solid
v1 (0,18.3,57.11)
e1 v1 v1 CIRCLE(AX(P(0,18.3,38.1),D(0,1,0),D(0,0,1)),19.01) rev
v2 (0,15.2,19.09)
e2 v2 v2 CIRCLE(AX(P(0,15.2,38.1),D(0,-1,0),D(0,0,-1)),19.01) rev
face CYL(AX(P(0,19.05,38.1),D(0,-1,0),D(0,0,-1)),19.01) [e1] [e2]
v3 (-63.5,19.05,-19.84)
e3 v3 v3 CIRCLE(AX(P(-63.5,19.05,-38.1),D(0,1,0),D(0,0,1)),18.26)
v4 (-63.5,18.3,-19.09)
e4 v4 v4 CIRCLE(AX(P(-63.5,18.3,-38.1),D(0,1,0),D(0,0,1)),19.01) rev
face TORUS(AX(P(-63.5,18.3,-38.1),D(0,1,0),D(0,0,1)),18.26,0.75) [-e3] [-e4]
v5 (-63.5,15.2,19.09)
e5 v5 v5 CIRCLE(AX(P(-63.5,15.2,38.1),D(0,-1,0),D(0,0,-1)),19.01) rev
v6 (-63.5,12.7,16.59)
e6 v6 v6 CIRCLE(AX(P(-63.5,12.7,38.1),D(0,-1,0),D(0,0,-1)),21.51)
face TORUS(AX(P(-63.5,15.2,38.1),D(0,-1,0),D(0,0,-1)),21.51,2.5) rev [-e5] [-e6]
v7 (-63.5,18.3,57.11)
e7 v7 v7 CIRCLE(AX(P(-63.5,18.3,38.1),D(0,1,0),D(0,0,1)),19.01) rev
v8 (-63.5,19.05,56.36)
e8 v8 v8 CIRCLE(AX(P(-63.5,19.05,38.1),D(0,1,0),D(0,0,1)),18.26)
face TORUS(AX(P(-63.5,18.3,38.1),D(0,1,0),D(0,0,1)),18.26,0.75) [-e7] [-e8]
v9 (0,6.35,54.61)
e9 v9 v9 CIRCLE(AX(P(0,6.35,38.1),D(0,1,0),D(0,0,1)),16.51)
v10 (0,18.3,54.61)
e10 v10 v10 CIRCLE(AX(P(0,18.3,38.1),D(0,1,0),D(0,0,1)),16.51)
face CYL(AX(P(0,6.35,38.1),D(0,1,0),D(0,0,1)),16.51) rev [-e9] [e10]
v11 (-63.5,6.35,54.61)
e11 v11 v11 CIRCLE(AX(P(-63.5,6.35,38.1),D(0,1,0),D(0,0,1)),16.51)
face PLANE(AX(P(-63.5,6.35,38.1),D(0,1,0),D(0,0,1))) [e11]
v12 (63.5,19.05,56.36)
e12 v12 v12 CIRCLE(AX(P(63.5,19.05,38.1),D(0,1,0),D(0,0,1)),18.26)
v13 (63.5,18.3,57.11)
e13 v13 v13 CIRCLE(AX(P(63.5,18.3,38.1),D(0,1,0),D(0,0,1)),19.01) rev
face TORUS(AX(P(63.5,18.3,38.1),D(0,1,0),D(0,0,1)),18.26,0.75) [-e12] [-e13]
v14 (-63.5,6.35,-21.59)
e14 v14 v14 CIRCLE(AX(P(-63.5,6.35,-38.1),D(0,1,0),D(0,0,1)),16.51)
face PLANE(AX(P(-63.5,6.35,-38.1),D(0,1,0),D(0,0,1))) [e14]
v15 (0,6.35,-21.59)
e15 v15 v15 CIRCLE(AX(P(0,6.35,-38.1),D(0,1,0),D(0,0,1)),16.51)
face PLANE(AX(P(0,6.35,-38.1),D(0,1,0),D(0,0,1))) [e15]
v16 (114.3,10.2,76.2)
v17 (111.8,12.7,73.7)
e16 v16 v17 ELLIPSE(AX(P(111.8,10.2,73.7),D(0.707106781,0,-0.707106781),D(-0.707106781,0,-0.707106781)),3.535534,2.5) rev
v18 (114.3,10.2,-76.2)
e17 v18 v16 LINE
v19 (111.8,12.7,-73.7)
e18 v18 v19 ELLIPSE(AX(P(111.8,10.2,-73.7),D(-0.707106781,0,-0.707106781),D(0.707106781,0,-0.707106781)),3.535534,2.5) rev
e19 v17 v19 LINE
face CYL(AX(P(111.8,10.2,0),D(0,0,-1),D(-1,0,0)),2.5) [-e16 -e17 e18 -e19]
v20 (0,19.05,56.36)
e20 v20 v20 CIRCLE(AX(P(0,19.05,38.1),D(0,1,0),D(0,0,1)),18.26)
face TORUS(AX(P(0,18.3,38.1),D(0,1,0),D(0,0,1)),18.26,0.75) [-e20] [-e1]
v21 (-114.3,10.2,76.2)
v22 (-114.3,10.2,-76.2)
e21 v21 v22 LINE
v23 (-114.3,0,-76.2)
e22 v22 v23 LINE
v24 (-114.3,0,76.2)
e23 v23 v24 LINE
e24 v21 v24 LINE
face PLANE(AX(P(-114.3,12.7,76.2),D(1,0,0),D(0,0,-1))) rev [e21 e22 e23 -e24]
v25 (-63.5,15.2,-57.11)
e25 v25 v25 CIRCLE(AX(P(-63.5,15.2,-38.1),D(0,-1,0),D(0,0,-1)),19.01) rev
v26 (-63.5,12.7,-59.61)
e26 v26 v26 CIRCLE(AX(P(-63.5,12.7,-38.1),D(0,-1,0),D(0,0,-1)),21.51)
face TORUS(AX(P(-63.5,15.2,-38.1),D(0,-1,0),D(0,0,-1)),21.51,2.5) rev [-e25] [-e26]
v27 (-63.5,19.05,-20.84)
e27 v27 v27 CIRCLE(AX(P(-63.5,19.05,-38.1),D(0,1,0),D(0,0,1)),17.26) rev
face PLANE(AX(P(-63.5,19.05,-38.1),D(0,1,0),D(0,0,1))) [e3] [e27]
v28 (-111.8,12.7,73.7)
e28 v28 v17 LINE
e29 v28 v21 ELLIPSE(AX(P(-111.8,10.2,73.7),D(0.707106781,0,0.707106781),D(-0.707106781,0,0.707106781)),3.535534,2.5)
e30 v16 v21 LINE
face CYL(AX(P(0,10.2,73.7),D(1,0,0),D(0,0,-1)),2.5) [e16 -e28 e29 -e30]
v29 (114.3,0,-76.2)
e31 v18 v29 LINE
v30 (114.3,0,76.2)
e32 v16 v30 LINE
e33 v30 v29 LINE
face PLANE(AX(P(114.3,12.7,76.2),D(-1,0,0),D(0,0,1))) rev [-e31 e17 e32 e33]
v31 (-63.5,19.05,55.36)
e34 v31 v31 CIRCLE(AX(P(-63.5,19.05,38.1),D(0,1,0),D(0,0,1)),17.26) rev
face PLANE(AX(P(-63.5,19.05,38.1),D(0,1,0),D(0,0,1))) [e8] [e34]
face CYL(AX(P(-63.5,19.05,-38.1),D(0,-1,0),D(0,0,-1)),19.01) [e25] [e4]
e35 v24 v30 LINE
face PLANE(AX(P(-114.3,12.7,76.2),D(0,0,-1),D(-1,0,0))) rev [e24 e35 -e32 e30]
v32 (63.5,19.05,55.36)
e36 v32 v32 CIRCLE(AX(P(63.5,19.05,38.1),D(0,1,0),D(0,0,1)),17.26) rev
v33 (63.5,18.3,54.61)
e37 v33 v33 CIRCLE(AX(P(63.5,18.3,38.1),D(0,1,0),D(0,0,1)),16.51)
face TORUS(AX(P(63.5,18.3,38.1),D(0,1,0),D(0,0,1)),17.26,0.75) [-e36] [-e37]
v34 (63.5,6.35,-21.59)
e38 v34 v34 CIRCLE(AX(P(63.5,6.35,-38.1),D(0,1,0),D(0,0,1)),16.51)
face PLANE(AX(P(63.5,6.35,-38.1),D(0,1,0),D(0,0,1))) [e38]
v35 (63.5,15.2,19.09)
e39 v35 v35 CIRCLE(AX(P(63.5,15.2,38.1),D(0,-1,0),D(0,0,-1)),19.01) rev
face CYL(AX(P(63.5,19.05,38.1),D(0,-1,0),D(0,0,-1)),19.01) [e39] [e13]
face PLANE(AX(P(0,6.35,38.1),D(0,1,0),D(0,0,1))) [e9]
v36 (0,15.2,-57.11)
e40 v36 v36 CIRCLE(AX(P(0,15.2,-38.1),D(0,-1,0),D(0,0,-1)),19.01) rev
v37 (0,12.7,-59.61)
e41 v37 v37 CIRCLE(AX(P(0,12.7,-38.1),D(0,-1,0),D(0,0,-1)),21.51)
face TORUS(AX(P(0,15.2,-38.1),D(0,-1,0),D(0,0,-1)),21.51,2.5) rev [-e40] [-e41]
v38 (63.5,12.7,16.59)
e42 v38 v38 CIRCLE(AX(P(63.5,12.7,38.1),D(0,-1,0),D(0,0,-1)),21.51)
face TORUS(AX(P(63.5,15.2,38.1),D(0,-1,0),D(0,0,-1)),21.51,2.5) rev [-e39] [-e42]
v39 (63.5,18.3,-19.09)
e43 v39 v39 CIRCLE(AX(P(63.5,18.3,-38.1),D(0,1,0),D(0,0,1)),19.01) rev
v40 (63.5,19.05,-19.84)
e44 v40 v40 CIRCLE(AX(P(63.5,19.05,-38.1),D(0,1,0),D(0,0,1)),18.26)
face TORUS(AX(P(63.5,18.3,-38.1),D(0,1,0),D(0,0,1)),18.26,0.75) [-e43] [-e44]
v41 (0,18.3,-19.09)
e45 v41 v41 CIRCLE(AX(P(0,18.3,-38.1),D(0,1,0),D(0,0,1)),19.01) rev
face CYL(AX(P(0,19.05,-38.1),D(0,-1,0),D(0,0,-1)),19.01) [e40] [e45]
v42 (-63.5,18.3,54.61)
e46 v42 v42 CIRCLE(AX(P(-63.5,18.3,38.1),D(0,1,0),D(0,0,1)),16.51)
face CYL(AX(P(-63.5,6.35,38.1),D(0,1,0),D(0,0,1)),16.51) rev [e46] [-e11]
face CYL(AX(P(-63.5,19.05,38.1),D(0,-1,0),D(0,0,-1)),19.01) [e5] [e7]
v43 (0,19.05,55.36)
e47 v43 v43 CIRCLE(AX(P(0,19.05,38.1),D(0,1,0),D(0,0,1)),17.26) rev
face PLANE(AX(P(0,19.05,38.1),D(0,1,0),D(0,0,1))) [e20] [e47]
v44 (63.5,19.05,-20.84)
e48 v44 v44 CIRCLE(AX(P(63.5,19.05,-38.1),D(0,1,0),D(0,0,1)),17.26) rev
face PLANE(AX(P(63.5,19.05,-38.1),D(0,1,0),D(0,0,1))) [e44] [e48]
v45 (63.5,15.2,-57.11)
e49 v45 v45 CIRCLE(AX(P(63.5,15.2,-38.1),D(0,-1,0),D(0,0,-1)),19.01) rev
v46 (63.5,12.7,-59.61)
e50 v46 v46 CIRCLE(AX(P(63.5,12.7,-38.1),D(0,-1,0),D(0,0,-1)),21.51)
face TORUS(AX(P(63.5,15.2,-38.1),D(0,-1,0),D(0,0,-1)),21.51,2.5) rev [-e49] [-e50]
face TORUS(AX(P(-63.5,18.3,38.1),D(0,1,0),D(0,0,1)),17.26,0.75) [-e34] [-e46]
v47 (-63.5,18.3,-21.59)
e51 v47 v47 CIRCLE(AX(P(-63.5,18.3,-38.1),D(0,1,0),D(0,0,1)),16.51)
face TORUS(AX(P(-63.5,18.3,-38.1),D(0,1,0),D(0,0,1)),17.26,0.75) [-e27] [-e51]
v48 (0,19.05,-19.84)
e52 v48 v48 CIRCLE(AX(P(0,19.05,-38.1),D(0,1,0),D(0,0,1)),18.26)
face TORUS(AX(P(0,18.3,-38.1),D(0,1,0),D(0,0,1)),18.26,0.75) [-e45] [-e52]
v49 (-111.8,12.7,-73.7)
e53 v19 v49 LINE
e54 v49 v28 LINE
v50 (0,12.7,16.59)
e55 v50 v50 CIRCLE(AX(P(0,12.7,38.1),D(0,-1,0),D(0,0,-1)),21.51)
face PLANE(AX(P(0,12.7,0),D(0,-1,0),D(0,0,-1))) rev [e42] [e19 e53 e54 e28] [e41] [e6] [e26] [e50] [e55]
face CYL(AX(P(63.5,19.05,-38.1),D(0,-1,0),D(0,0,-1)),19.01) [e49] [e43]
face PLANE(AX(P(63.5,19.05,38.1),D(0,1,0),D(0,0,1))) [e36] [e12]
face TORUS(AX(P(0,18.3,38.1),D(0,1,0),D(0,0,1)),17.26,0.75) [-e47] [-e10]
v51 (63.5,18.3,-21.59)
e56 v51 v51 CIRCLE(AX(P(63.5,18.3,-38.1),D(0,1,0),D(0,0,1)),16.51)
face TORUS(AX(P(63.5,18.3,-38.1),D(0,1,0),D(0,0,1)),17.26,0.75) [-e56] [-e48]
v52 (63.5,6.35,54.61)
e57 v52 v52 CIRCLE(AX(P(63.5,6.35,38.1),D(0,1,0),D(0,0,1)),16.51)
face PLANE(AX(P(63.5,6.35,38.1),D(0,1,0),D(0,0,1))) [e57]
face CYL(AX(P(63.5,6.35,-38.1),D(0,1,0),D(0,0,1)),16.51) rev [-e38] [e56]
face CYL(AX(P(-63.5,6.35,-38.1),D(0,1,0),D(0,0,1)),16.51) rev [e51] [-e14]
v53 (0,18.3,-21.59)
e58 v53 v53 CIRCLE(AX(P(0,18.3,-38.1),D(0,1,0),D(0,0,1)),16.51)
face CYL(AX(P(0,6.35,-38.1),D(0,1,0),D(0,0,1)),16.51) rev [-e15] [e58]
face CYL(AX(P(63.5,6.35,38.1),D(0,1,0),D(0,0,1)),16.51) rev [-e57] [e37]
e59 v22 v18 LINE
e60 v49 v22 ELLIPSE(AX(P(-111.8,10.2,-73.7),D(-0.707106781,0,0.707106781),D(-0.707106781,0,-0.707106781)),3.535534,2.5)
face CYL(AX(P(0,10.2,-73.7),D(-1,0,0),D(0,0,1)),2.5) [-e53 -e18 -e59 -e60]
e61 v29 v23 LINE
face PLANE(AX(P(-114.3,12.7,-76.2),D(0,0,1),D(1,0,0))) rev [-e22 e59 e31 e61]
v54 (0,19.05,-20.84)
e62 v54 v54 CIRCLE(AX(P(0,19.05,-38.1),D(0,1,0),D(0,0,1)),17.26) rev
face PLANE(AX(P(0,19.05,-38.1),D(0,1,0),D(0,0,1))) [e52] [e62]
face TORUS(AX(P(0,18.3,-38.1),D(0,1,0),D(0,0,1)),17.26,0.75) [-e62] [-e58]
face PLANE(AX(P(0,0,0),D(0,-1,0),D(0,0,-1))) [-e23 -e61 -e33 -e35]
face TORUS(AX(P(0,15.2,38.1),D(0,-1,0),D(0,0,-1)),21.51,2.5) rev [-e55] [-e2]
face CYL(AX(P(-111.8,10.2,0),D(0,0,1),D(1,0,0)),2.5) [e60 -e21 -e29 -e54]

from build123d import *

# Parameters (mm, degrees)
SKETCH1_W           = 228.6
SKETCH1_H           = 152.4
BOSS_EXTRUDE1_DEPTH = 12.7
SKETCH2_R           = 16.51
CUT_EXTRUDE1_DEPTH  = 6.35
BOSS_EXTRUDE2_START = 6.35
SKETCH3_R           = 19.01
SKETCH3_R_2         = 16.51
BOSS_EXTRUDE2_DEPTH = 6.35
FILLET1_R           = 0.75
FILLET2_R           = 2.5


with BuildPart() as part:
    # Sketch1 → Boss-Extrude1 (new body)
    with BuildSketch(Plane(origin=(0, 0, 0), x_dir=(1, 0, 0), z_dir=(0, 1, 0))):
        Rectangle(SKETCH1_W, SKETCH1_H)
    extrude(amount=BOSS_EXTRUDE1_DEPTH)

    # Sketch2 → Cut-Extrude1 (cut)
    with BuildSketch(Plane(origin=(0, 12.7, 0), x_dir=(1, 0, 0), z_dir=(0, 1, 0))):
        with Locations(Location((-63.5, -38.1, 0), (0, 0, 270))):
            Circle(SKETCH2_R)
        with Locations(Location((0, -38.1, 0), (0, 0, 270))):
            Circle(SKETCH2_R)
        with Locations(Location((63.5, -38.1, 0), (0, 0, 270))):
            Circle(SKETCH2_R)
        with Locations(Location((0, 38.1, 0), (0, 0, 270))):
            Circle(SKETCH2_R)
        with Locations(Location((63.5, 38.1, 0), (0, 0, 270))):
            Circle(SKETCH2_R)
        with Locations(Location((-63.5, 38.1, 0), (0, 0, 270))):
            Circle(SKETCH2_R)
    extrude(amount=-CUT_EXTRUDE1_DEPTH, mode=Mode.SUBTRACT)

    # Sketch3 → Boss-Extrude2 (add)
    # profile 1 of 6: a face of its own
    with BuildSketch(Plane(origin=(0, 12.7, 0), x_dir=(1, 0, 0), z_dir=(0, 1, 0)).offset(BOSS_EXTRUDE2_START)):
        with Locations(Location((-63.5, 38.1, 0), (0, 0, 90))):
            Circle(SKETCH3_R)
        with Locations(Location((-63.5, 38.1, 0), (0, 0, 270))):
            Circle(SKETCH3_R_2, mode=Mode.SUBTRACT)
    # profile 2 of 6: a face of its own
    with BuildSketch(Plane(origin=(0, 12.7, 0), x_dir=(1, 0, 0), z_dir=(0, 1, 0)).offset(BOSS_EXTRUDE2_START)):
        with Locations(Location((0, 38.1, 0), (0, 0, 90))):
            Circle(SKETCH3_R)
        with Locations(Location((0, 38.1, 0), (0, 0, 270))):
            Circle(SKETCH3_R_2, mode=Mode.SUBTRACT)
    # profile 3 of 6: a face of its own
    with BuildSketch(Plane(origin=(0, 12.7, 0), x_dir=(1, 0, 0), z_dir=(0, 1, 0)).offset(BOSS_EXTRUDE2_START)):
        with Locations(Location((63.5, 38.1, 0), (0, 0, 90))):
            Circle(SKETCH3_R)
        with Locations(Location((63.5, 38.1, 0), (0, 0, 270))):
            Circle(SKETCH3_R_2, mode=Mode.SUBTRACT)
    # profile 4 of 6: a face of its own
    with BuildSketch(Plane(origin=(0, 12.7, 0), x_dir=(1, 0, 0), z_dir=(0, 1, 0)).offset(BOSS_EXTRUDE2_START)):
        with Locations(Location((63.5, -38.1, 0), (0, 0, 90))):
            Circle(SKETCH3_R)
        with Locations(Location((63.5, -38.1, 0), (0, 0, 270))):
            Circle(SKETCH3_R_2, mode=Mode.SUBTRACT)
    # profile 5 of 6: a face of its own
    with BuildSketch(Plane(origin=(0, 12.7, 0), x_dir=(1, 0, 0), z_dir=(0, 1, 0)).offset(BOSS_EXTRUDE2_START)):
        with Locations(Location((0, -38.1, 0), (0, 0, 90))):
            Circle(SKETCH3_R)
        with Locations(Location((0, -38.1, 0), (0, 0, 270))):
            Circle(SKETCH3_R_2, mode=Mode.SUBTRACT)
    # profile 6 of 6: a face of its own
    with BuildSketch(Plane(origin=(0, 12.7, 0), x_dir=(1, 0, 0), z_dir=(0, 1, 0)).offset(BOSS_EXTRUDE2_START)):
        with Locations(Location((-63.5, -38.1, 0), (0, 0, 90))):
            Circle(SKETCH3_R)
        with Locations(Location((-63.5, -38.1, 0), (0, 0, 270))):
            Circle(SKETCH3_R_2, mode=Mode.SUBTRACT)
    extrude(amount=-BOSS_EXTRUDE2_DEPTH)

    # Fillet1
    fillet1_edges = [part.edges().sort_by_distance(p)[0] for p in [
        (-63.5, 19.05, 57.11),
        (-63.5, 19.05, 21.59),
        (0, 19.05, 57.11),
        (0, 19.05, 21.59),
        (63.5, 19.05, 57.11),
        (63.5, 19.05, 21.59),
        (63.5, 19.05, -19.09),
        (63.5, 19.05, -54.61),
        (0, 19.05, -19.09),
        (0, 19.05, -54.61),
        (-63.5, 19.05, -19.09),
        (-63.5, 19.05, -54.61),
    ]]
    fillet(fillet1_edges, radius=FILLET1_R)

    # Fillet2
    fillet2_edges = [part.edges().sort_by_distance(p)[0] for p in [
        (-114.3, 12.7, 0),
        (0, 12.7, 76.2),
        (-63.5, 12.7, -19.09),
        (0, 12.7, -19.09),
        (63.5, 12.7, -19.09),
        (63.5, 12.7, 57.11),
        (0, 12.7, 57.11),
        (-63.5, 12.7, 57.11),
        (114.3, 12.7, 0),
        (0, 12.7, -76.2),
    ]]
    fillet(fillet2_edges, radius=FILLET2_R)


solid = part.part
